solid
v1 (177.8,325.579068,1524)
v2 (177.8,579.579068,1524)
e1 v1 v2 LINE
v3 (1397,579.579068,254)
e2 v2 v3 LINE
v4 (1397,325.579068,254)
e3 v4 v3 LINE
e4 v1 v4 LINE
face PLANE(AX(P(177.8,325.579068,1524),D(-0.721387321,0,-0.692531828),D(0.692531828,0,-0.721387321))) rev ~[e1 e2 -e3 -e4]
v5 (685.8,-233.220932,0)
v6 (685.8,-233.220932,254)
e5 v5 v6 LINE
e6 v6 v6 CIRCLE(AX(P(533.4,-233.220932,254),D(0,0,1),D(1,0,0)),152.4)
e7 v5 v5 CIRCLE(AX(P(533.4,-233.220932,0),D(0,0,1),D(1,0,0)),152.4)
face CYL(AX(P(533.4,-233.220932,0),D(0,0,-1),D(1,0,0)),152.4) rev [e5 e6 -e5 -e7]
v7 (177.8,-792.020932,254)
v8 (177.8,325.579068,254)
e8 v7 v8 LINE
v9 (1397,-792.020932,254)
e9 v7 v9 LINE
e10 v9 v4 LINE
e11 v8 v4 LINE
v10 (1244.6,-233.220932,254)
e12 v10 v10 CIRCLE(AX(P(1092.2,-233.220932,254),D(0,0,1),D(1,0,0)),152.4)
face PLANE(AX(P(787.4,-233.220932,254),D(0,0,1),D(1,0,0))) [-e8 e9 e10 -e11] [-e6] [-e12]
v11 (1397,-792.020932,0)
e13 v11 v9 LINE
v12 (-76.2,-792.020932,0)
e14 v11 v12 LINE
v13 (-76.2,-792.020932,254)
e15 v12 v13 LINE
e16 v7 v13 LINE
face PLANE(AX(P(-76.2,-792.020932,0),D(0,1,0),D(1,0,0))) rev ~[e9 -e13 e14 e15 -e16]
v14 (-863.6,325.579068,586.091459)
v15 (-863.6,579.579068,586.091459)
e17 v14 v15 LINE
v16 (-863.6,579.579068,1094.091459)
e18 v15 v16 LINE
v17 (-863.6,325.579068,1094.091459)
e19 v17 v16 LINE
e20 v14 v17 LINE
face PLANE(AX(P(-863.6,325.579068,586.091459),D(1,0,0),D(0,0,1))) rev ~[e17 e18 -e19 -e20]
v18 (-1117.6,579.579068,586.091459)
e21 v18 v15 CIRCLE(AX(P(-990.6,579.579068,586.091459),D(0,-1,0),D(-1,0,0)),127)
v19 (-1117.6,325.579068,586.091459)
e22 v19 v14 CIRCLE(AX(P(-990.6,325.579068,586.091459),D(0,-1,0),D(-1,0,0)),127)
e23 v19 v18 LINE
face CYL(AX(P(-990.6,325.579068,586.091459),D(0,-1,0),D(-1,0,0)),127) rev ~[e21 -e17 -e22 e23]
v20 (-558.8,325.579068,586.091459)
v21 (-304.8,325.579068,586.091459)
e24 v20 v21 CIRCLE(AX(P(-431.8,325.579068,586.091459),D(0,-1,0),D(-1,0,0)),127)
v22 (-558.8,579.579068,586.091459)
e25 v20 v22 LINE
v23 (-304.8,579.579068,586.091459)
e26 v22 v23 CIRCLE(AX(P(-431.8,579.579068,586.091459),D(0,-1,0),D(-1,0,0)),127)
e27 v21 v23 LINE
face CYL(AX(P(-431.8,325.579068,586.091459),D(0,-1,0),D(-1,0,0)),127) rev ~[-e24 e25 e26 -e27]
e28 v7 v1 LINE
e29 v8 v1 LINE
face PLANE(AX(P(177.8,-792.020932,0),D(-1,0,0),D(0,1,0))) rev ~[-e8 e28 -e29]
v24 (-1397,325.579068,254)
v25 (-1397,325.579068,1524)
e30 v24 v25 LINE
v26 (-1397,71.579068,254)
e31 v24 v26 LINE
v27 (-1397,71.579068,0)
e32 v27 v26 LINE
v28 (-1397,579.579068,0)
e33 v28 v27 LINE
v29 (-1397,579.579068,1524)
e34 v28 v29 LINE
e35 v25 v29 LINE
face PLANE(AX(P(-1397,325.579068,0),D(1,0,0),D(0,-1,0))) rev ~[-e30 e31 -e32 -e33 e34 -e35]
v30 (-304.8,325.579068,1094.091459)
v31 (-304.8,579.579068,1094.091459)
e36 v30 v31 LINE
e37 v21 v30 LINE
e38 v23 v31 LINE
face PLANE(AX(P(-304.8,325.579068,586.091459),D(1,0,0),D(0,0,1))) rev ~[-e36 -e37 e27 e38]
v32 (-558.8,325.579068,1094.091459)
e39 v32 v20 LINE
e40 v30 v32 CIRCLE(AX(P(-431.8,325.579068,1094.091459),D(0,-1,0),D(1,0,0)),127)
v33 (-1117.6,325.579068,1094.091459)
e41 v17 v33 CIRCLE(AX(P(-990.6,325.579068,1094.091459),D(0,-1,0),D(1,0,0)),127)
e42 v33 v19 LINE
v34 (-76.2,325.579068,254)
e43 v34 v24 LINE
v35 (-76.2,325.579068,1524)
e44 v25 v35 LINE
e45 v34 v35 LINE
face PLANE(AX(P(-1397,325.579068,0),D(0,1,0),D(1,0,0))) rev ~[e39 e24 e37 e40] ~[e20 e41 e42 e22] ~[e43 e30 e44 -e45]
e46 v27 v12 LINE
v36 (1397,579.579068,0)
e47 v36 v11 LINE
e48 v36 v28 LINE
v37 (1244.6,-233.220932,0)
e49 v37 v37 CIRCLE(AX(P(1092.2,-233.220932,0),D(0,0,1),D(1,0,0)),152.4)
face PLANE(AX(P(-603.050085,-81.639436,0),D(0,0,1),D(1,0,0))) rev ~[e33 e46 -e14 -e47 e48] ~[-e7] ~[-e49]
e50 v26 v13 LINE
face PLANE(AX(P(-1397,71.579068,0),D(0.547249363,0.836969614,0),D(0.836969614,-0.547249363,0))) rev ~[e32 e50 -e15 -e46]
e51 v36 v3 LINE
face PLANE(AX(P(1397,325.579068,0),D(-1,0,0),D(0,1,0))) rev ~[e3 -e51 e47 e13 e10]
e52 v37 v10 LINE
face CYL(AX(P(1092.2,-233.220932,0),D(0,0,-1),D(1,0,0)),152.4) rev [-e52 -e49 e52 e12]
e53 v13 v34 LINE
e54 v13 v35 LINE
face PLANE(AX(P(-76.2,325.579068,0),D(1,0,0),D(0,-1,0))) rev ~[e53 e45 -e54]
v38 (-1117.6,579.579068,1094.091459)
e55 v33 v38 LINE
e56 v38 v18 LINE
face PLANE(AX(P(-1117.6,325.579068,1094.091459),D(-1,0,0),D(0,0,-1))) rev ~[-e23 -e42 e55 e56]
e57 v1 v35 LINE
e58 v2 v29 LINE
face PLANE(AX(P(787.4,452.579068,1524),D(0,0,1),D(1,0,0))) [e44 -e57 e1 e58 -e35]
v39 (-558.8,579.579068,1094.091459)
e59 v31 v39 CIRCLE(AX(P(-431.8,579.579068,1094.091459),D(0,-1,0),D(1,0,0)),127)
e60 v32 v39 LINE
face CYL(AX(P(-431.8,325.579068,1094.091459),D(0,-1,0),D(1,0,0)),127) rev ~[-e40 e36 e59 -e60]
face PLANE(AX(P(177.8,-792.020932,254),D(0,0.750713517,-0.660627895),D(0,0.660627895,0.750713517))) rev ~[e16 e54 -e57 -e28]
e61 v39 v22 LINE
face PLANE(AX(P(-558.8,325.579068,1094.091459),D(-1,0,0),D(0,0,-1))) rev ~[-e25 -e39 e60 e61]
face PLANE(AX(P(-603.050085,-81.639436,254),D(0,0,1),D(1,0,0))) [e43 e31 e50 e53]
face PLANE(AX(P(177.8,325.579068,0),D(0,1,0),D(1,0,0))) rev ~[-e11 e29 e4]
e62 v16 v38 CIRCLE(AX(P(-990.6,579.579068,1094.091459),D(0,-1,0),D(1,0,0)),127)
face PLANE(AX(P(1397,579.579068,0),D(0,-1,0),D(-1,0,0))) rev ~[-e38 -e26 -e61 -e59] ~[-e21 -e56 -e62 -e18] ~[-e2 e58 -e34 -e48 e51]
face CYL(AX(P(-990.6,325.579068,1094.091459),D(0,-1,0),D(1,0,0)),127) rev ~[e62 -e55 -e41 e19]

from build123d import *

# Parameters (mm, degrees)
F0_W     = 1219.2
F0_H     = 254
F0_W_2   = 254
F0_H_2   = 1117.6
F0_W_3   = 1320.8
F1_DEPTH = 1524
F0_R     = 152.4
F2_DEPTH = 254
F4_DEPTH = 891.54
F6_DEPTH = 1061.72
F8_DEPTH = 688.34


with BuildPart() as f1:
    # F0 (on Top) → F1 (new body)
    with BuildSketch(Plane.XY):
        with Locations((787.4, 452.5790681571)):
            Rectangle(F0_W, F0_H)
        with Locations((50.8, -233.2209318429)):
            Rectangle(F0_W_2, F0_H_2)
        with Locations((50.8, 452.5790681571)):
            Rectangle(F0_W_2, F0_H)
        with Locations((-736.6, 452.5790681571)):
            Rectangle(F0_W_3, F0_H)
    extrude(amount=F1_DEPTH)

    # F0 (on Top) → F2 (join)
    with BuildSketch(Plane.XY):
        Polygon((-76.2, 325.5790681571), (-1397, 325.5790681571), (-1397, 71.5790681571), (-76.2, -792.0209318429), align=None)
        with Locations((787.4, -233.2209318429)):
            Rectangle(F0_W, F0_H_2)
        with Locations((533.4, -233.2209318429)):
            Circle(F0_R, mode=Mode.SUBTRACT)
        with Locations((1092.2, -233.2209318429)):
            Circle(F0_R, mode=Mode.SUBTRACT)
    extrude(amount=F2_DEPTH)

    # F3 (on face) → F4 (cut)
    with BuildSketch(Plane.XZ.offset(-325.5790681571)):
        Polygon((1397, 1524), (177.8, 1524), (1397, 254), align=None)
    extrude(amount=-F4_DEPTH, mode=Mode.SUBTRACT)

    # F5 (on face) → F6 (cut)
    with BuildSketch(Plane.YZ.offset(177.8)):
        Polygon((-792.0209318429, 254), (325.5790681571, 1524), (-792.0209318429, 1524), align=None)
    extrude(amount=-F6_DEPTH, mode=Mode.SUBTRACT)

    # F7 (on face) → F8 (cut)
    with BuildSketch(Plane.XZ.offset(-325.5790681571)):
        with BuildLine():
            Line((-304.8, 586.0914587975), (-304.8, 1094.0914587975))
            ThreePointArc((-304.8, 1094.0914587975), (-431.8, 1221.0914587975), (-558.8, 1094.0914587975))
            Line((-558.8, 1094.0914587975), (-558.8, 586.0914587975))
            ThreePointArc((-558.8, 586.0914587975), (-431.8, 459.0914587975), (-304.8, 586.0914587975))
        make_face()
        with BuildLine():
            Line((-863.6, 586.0914587975), (-863.6, 1094.0914587975))
            ThreePointArc((-863.6, 1094.0914587975), (-990.6, 1221.0914587975), (-1117.6, 1094.0914587975))
            Line((-1117.6, 1094.0914587975), (-1117.6, 586.0914587975))
            ThreePointArc((-1117.6, 586.0914587975), (-990.6, 459.0914587975), (-863.6, 586.0914587975))
        make_face()
    extrude(amount=-F8_DEPTH, mode=Mode.SUBTRACT)


solid = f1.part
